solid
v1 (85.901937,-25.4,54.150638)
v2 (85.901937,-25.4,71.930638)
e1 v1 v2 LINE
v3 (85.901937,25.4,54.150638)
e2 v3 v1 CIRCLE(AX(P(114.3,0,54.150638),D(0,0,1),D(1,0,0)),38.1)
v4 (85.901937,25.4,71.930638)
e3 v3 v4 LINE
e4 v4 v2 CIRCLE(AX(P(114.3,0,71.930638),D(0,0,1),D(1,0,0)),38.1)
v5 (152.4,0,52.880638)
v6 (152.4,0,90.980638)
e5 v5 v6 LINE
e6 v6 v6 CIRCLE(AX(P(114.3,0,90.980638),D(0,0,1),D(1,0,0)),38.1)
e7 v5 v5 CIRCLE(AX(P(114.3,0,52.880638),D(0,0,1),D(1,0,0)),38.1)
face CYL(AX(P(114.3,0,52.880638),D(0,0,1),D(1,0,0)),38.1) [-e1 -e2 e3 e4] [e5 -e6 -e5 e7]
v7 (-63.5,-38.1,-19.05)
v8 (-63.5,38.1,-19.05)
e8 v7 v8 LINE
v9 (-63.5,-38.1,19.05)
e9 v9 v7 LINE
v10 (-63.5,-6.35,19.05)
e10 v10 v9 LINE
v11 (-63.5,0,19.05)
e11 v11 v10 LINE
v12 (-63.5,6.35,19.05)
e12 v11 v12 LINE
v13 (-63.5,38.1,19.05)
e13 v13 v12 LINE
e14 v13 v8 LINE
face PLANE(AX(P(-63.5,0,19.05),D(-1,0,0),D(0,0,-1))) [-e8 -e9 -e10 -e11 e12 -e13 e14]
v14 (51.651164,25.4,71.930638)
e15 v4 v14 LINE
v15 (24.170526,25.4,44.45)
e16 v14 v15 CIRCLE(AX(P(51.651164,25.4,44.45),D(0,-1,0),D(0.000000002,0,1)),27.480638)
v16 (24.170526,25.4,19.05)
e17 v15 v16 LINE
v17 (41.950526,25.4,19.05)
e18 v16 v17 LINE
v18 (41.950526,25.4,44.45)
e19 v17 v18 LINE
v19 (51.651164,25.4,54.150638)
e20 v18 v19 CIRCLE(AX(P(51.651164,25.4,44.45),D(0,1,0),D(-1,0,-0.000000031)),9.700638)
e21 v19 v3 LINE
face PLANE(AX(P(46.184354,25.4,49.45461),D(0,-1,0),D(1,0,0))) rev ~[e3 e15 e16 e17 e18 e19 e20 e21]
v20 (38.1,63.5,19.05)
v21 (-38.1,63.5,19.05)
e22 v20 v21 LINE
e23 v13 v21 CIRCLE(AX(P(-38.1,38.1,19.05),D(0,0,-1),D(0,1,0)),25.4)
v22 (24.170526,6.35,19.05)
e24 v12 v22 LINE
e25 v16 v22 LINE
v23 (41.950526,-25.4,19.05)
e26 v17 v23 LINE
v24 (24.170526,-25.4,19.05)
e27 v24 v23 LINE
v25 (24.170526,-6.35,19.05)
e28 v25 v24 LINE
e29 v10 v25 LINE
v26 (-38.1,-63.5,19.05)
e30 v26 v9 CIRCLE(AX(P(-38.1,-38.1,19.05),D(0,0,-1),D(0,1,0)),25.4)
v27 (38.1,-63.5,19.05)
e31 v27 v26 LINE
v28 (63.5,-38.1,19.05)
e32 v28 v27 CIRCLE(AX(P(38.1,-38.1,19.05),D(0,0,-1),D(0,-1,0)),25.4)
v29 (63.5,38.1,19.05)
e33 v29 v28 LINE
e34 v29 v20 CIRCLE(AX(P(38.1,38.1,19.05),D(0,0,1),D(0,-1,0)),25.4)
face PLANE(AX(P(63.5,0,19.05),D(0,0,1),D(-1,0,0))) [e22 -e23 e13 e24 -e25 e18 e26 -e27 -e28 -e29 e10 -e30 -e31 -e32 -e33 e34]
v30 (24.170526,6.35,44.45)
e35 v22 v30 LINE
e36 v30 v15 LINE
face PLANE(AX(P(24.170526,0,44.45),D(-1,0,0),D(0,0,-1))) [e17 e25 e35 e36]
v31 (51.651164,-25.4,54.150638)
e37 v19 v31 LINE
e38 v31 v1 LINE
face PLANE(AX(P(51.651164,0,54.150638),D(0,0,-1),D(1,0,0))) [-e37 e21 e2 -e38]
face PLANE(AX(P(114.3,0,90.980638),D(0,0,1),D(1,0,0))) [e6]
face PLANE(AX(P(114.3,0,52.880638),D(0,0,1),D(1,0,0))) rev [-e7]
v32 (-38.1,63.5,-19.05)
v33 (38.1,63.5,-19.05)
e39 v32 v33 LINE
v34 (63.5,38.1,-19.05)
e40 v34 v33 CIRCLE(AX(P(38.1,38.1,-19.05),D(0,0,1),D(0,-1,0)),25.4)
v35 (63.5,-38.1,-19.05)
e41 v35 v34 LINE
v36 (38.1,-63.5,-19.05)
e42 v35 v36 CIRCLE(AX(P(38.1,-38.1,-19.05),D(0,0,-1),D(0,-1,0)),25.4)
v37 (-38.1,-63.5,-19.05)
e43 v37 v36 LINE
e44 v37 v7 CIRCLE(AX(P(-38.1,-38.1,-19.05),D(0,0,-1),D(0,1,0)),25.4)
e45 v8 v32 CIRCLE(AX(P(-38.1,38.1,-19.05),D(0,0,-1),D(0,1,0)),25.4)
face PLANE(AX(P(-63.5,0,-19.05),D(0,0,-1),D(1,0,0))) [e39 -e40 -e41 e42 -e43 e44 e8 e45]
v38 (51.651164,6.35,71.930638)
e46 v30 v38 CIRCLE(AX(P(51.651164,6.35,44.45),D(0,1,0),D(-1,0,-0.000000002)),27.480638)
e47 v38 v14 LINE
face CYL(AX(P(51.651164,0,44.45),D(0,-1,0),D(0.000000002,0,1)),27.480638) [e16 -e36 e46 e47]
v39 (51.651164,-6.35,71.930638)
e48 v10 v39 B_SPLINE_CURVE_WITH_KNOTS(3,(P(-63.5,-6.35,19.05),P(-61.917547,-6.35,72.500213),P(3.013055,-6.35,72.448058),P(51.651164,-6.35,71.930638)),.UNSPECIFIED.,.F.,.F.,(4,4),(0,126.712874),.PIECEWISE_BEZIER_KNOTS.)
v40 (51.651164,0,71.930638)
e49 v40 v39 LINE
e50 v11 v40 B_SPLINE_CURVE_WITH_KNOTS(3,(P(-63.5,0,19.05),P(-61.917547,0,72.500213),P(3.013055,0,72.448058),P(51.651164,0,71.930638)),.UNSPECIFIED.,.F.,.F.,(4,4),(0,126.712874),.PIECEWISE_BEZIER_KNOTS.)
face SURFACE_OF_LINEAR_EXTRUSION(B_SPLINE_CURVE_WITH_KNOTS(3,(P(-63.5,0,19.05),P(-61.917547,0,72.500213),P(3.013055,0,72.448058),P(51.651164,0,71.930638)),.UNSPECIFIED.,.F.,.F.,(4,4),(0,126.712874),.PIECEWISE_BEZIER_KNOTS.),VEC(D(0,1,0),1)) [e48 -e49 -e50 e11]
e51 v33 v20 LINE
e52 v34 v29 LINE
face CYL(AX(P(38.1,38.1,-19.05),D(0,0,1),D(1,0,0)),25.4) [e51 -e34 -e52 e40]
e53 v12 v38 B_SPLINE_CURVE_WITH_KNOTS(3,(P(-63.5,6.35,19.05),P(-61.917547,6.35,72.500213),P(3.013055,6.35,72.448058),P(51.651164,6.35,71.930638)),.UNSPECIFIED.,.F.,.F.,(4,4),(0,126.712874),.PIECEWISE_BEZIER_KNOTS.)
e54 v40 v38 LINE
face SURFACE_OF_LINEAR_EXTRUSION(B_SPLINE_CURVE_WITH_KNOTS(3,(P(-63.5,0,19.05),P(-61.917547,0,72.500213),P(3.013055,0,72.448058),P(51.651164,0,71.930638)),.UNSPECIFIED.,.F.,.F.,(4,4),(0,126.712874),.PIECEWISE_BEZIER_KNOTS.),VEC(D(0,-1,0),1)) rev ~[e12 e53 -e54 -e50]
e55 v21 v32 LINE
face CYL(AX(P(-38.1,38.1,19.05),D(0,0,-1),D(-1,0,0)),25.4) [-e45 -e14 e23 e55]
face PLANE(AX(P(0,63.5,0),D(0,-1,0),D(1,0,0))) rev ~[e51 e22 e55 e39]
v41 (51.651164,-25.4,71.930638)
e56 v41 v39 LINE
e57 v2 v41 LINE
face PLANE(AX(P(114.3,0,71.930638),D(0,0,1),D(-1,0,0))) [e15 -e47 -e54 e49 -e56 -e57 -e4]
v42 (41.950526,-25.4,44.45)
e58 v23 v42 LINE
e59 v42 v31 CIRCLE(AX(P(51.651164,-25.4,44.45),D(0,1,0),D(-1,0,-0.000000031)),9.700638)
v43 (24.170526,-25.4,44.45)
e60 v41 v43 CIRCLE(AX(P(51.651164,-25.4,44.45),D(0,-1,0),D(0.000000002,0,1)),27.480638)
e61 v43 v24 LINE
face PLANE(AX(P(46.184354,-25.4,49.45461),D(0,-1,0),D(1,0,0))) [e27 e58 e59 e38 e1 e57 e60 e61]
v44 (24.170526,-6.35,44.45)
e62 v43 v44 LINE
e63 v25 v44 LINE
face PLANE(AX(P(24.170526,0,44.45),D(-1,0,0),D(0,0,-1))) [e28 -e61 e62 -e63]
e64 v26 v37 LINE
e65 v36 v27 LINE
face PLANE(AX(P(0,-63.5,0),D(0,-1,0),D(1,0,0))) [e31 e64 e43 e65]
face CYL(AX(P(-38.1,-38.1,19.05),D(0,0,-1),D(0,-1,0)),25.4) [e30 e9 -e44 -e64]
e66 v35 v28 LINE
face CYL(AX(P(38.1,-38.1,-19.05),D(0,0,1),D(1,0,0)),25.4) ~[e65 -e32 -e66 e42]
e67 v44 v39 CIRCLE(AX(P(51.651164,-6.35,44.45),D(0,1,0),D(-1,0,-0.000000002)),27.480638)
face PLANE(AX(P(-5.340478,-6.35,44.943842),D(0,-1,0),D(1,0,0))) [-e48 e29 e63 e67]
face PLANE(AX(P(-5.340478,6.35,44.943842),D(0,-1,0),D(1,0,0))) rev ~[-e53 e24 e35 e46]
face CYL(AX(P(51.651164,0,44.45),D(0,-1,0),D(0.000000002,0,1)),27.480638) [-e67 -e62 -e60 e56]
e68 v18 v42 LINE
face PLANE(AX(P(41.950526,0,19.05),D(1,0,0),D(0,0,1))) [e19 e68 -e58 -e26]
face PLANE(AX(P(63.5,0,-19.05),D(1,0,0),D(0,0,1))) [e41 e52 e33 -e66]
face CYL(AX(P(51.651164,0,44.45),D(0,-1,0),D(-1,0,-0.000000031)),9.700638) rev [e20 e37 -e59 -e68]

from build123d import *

# Parameters (mm, degrees)
F1_DEPTH = 63.5
F2_DEPTH = 6.35
F0_W     = 38.1
F0_H     = 17.78
F3_DEPTH = 25.4
F5_R     = 25.4


with BuildPart() as f1:
    # F0 (on Front) → F1 (new body, symmetric)
    with BuildSketch(Plane.XZ):
        Polygon((63.5, -19.05), (63.5, 19.05), (41.950526, 19.05), (24.170526, 19.05), (-63.5, 19.05), (-63.5, -19.05), align=None)
    extrude(amount=F1_DEPTH, both=True)

    # F0 (on Front) → F2 (join, symmetric)
    with BuildSketch(Plane.XZ):
        with BuildLine():
            Line((-63.5, 19.05), (24.170526, 19.05))
            Line((24.170526, 19.05), (24.170526, 44.45))
            ThreePointArc((24.170526, 44.45), (32.219419, 63.881746), (51.651164, 71.930638))
            add(Edge.make_bspline(
                [(-63.5, 19.05), (-61.917547, 72.500213), (3.013055, 72.448058), (51.651164, 71.930638)],
                knots=[0, 0, 0, 0, 126.712874, 126.712874, 126.712874, 126.712874], degree=3))
        make_face()
    extrude(amount=F2_DEPTH, both=True)

    # F0 (on Front) → F3 (join, symmetric)
    with BuildSketch(Plane.XZ):
        with BuildLine():
            Line((24.170526, 19.05), (41.950526, 19.05))
            Line((41.950526, 19.05), (41.950526, 44.45))
            ThreePointArc((41.950526, 44.45), (44.791777, 51.309387), (51.651164, 54.150638))
            Line((51.651164, 54.150638), (76.2, 54.150638))
            Line((76.2, 54.150638), (76.2, 71.930638))
            Line((76.2, 71.930638), (51.651164, 71.930638))
            ThreePointArc((51.651164, 71.930638), (32.219419, 63.881746), (24.170526, 44.45))
            Line((24.170526, 44.45), (24.170526, 19.05))
        make_face()
        with Locations((95.25, 63.040638)):
            Rectangle(F0_W, F0_H)
    extrude(amount=F3_DEPTH, both=True)

    # F0 (on Front) → F4 (revolve)
    with BuildSketch(Plane.XZ):
        Polygon((114.3, 71.930638), (114.3, 54.150638), (114.3, 52.880638), (152.4, 52.880638), (152.4, 90.980638), (114.3, 90.980638), align=None)
    revolve(axis=Axis((114.3, 0, 71.930638), (0, 0, 1)))

    # F5
    f5_edges = [f1.edges().sort_by_distance(p)[0] for p in [
        (-63.5, -63.5, 0),
        (63.5, -63.5, 0),
        (-63.5, 63.5, 0),
        (63.5, 63.5, 0),
    ]]
    fillet(f5_edges, radius=F5_R)


solid = f1.part
